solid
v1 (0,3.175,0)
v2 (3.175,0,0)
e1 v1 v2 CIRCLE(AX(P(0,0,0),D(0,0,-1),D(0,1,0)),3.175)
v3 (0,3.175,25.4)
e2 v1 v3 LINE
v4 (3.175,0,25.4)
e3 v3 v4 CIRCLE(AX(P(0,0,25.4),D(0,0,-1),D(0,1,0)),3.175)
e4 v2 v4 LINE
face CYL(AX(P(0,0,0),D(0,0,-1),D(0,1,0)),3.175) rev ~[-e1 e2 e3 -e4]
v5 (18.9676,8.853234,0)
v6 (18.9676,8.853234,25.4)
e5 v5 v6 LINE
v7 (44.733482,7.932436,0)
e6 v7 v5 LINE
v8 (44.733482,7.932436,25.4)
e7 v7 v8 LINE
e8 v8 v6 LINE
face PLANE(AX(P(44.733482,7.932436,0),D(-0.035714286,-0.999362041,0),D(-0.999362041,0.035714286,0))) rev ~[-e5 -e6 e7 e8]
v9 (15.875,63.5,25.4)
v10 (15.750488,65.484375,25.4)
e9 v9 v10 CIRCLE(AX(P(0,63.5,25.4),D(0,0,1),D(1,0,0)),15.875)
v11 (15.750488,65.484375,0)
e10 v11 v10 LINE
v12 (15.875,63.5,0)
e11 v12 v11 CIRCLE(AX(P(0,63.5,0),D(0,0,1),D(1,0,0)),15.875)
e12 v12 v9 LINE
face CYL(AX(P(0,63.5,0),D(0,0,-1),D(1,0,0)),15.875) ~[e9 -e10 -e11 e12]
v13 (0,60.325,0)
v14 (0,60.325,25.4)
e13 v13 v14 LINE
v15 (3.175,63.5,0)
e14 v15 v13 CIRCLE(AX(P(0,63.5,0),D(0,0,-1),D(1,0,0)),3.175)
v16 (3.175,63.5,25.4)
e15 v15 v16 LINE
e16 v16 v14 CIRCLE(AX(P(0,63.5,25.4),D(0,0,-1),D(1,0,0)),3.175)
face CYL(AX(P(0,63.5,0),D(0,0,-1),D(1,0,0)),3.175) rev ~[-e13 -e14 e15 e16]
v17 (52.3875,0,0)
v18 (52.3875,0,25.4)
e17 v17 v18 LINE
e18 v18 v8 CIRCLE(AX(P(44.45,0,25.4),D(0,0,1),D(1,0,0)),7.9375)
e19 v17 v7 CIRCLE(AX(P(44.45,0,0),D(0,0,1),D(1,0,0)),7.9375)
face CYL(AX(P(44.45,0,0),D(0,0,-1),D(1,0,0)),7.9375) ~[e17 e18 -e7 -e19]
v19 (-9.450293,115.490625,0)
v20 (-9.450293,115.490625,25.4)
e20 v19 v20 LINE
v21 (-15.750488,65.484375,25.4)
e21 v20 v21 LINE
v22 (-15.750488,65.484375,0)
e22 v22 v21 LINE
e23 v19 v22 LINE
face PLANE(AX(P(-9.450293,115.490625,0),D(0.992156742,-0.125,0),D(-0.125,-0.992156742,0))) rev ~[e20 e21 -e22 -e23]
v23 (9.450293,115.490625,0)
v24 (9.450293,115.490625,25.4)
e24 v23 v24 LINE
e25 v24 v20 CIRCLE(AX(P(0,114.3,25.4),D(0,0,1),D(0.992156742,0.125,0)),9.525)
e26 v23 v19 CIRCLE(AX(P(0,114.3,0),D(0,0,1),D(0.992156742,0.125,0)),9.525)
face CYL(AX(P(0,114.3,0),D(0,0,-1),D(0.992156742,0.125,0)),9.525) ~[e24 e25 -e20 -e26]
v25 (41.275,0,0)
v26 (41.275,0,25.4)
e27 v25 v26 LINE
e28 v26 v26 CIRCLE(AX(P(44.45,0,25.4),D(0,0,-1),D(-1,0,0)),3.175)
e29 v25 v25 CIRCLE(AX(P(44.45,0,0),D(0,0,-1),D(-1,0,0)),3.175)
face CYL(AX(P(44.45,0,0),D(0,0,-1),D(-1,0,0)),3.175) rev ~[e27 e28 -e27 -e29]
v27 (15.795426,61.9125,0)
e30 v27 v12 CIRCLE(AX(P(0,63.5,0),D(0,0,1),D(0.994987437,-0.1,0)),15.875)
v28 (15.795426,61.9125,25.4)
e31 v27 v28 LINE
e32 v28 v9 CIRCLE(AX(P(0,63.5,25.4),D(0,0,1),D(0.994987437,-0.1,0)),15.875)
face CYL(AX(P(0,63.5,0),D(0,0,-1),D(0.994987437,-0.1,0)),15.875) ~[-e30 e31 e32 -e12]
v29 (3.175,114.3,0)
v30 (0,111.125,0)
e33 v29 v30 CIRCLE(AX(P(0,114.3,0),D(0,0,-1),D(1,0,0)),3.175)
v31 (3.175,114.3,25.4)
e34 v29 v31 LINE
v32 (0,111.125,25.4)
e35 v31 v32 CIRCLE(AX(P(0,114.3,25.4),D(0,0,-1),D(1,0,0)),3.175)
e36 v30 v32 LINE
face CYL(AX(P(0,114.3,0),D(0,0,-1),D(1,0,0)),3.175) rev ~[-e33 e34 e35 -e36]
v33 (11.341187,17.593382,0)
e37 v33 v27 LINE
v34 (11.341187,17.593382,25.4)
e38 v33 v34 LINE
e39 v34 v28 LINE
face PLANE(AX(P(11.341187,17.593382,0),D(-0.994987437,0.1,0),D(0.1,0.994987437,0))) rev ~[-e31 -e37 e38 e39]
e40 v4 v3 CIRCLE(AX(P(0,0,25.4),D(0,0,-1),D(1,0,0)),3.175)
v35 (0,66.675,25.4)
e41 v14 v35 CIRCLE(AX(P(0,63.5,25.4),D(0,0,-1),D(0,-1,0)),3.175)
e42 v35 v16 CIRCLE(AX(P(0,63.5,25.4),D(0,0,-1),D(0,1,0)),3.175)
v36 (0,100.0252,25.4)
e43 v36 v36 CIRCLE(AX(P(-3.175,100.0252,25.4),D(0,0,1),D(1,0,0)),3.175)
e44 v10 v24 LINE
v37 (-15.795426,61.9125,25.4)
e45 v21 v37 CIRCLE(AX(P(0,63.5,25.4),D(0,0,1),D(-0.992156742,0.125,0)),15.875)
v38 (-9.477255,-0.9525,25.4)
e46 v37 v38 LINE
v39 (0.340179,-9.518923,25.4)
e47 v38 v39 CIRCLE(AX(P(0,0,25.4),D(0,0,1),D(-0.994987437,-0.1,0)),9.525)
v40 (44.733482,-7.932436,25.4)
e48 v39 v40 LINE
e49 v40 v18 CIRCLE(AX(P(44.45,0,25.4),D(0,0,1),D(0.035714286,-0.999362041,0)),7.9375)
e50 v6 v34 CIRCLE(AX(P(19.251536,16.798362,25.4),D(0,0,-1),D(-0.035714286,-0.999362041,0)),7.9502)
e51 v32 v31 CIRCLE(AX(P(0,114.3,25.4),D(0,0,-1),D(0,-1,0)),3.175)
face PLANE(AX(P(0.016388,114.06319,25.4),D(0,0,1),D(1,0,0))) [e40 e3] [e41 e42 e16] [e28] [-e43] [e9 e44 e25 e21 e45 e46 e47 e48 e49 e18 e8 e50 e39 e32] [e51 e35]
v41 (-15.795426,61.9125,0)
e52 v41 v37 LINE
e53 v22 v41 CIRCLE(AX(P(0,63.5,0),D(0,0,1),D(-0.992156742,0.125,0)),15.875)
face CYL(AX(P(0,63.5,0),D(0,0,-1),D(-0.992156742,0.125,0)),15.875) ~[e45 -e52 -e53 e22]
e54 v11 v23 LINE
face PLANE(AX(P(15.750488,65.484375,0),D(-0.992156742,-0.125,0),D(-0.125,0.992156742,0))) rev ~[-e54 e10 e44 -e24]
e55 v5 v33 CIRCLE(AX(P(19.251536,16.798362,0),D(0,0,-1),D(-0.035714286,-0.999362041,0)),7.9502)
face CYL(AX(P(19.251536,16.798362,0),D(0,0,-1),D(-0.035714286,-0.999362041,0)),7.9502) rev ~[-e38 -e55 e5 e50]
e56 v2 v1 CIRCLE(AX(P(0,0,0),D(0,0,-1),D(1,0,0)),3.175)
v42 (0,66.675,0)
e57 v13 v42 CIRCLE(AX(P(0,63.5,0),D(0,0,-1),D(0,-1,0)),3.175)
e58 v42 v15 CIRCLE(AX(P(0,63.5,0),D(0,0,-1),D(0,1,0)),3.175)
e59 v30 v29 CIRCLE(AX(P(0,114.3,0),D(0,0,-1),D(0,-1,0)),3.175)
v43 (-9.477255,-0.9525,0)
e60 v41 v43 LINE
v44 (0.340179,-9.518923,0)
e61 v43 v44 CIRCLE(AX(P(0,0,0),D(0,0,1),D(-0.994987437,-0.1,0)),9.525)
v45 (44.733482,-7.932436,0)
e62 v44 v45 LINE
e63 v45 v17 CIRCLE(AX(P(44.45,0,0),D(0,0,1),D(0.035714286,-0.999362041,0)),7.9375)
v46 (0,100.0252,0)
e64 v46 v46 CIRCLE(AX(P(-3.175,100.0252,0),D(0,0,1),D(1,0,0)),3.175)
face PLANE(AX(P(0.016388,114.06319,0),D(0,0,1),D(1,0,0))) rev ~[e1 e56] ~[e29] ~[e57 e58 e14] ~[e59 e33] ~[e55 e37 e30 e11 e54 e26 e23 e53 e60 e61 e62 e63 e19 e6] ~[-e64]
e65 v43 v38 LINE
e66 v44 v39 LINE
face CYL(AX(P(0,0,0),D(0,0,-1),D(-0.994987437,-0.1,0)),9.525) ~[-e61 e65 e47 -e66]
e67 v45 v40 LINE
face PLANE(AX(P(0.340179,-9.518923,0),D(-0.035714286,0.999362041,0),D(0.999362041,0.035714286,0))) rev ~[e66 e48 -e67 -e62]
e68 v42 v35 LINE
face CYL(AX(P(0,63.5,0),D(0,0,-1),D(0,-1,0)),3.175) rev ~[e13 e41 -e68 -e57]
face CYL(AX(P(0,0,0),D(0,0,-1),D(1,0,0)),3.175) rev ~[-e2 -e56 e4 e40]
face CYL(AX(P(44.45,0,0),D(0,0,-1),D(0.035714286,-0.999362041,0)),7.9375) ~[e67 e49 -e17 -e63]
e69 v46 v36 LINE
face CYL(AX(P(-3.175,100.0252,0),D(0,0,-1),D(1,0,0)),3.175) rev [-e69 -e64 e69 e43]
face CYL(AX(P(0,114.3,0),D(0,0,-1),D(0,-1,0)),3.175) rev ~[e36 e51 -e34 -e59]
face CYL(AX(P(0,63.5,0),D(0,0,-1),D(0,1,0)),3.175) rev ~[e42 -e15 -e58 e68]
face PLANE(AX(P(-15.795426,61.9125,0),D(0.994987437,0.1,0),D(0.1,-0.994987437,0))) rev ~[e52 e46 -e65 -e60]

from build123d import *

# Parameters (mm, degrees)
F0_R     = 3.175
F1_DEPTH = 25.4


with BuildPart() as f1:
    # F0 (on Top) → F1 (new body)
    with BuildSketch(Plane.XY):
        with BuildLine():
            ThreePointArc((9.4502929642, 115.490625), (0, 123.825), (-9.4502929642, 115.490625))
            ThreePointArc((-9.4502929642, 115.490625), (-7.14375, 107.9998046905), (0, 104.775))
            ThreePointArc((0, 104.775), (6.7351920908, 107.5648079092), (9.525, 114.3))
            ThreePointArc((9.525, 114.3), (9.5063048942, 114.896483242), (9.4502929642, 115.490625))
        make_face()
        with BuildLine():
            ThreePointArc((3.175, 114.3), (2.2450640303, 112.0549359697), (0, 111.125))
            ThreePointArc((0, 111.125), (-2.2450640303, 116.5450640303), (3.175, 114.3))
        make_face(mode=Mode.SUBTRACT)
        with BuildLine():
            Line((0, 100.0252), (0, 79.375))
            ThreePointArc((0, 79.375), (10.5003255158, 75.40625), (15.7504882737, 65.484375))
            Line((15.7504882737, 65.484375), (9.4502929642, 115.490625))
            ThreePointArc((9.4502929642, 115.490625), (9.5063048942, 114.896483242), (9.525, 114.3))
            ThreePointArc((9.525, 114.3), (6.7351920908, 107.5648079092), (0, 104.775))
            Line((0, 104.775), (0, 100.0252))
        make_face()
        with BuildLine():
            Line((-9.4502929642, 115.490625), (-15.7504882737, 65.484375))
            ThreePointArc((-15.7504882737, 65.484375), (-10.5003255158, 75.40625), (0, 79.375))
            Line((0, 79.375), (0, 100.0252))
            Line((0, 100.0252), (0, 104.775))
            ThreePointArc((0, 104.775), (-7.14375, 107.9998046905), (-9.4502929642, 115.490625))
        make_face()
        with Locations((-3.175, 100.0252)):
            Circle(F0_R, mode=Mode.SUBTRACT)
        with BuildLine():
            ThreePointArc((-9.4772553384, -0.9525), (-7.063929059, 6.3895642457), (0, 9.525))
            Line((0, 9.525), (0, 47.625))
            ThreePointArc((0, 47.625), (-10.6492737428, 51.7267849017), (-15.7954255641, 61.9125))
            Line((-15.7954255641, 61.9125), (-9.4772553384, -0.9525))
        make_face()
        with BuildLine():
            Line((0, 47.625), (0, 9.525))
            ThreePointArc((0, 9.525), (6.7351920908, 6.7351920908), (9.525, 0))
            Line((9.525, 0), (36.5125, 0))
            ThreePointArc((36.5125, 0), (38.9384772185, 5.7120069047), (44.7334821429, 7.9324362036))
            Line((44.7334821429, 7.9324362036), (18.9676000005, 8.8532337108))
            ThreePointArc((18.9676000005, 8.8532337108), (13.2611998974, 11.5713591498), (11.3411865923, 17.5933818124))
            Line((11.3411865923, 17.5933818124), (15.7954255641, 61.9125))
            ThreePointArc((15.7954255641, 61.9125), (10.6492737428, 51.7267849017), (0, 47.625))
        make_face()
        with BuildLine():
            Line((0, 60.325), (0, 47.625))
            ThreePointArc((0, 47.625), (10.6492737428, 51.7267849017), (15.7954255641, 61.9125))
            ThreePointArc((15.7954255641, 61.9125), (15.8550939106, 62.7052534459), (15.875, 63.5))
            ThreePointArc((15.875, 63.5), (15.8438414904, 64.4941387366), (15.7504882737, 65.484375))
            ThreePointArc((15.7504882737, 65.484375), (10.5003255158, 75.40625), (0, 79.375))
            Line((0, 79.375), (0, 66.675))
            ThreePointArc((0, 66.675), (2.2450640303, 65.7450640303), (3.175, 63.5))
            ThreePointArc((3.175, 63.5), (2.2450640303, 61.2549359697), (0, 60.325))
        make_face()
        with BuildLine():
            ThreePointArc((-15.7954255641, 61.9125), (-10.6492737428, 51.7267849017), (0, 47.625))
            Line((0, 47.625), (0, 60.325))
            ThreePointArc((0, 60.325), (-3.175, 63.5), (0, 66.675))
            Line((0, 66.675), (0, 79.375))
            ThreePointArc((0, 79.375), (-10.5003255158, 75.40625), (-15.7504882737, 65.484375))
            ThreePointArc((-15.7504882737, 65.484375), (-15.8737438155, 63.6997054867), (-15.7954255641, 61.9125))
        make_face()
        with BuildLine():
            Line((0, 9.525), (0, 3.175))
            ThreePointArc((0, 3.175), (2.2450640303, 2.2450640303), (3.175, 0))
            Line((3.175, 0), (9.525, 0))
            ThreePointArc((9.525, 0), (6.7351920908, 6.7351920908), (0, 9.525))
        make_face()
        with BuildLine():
            ThreePointArc((3.175, 0), (-2.2450640303, -2.2450640303), (0, 3.175))
            Line((0, 3.175), (0, 9.525))
            ThreePointArc((0, 9.525), (-7.063929059, 6.3895642457), (-9.4772553384, -0.9525))
            ThreePointArc((-9.4772553384, -0.9525), (-6.2623833816, -7.1769199091), (0.3401785714, -9.5189234444))
            ThreePointArc((0.3401785714, -9.5189234444), (6.8544082857, -6.6138273378), (9.525, 0))
            Line((9.525, 0), (3.175, 0))
        make_face()
        with BuildLine():
            Line((36.5125, 0), (9.525, 0))
            ThreePointArc((9.525, 0), (6.8544082857, -6.6138273378), (0.3401785714, -9.5189234444))
            Line((0.3401785714, -9.5189234444), (44.7334821429, -7.9324362036))
            ThreePointArc((44.7334821429, -7.9324362036), (38.9384772185, -5.7120069047), (36.5125, 0))
        make_face()
        with BuildLine():
            ThreePointArc((44.7334821429, 7.9324362036), (38.9384772185, 5.7120069047), (36.5125, 0))
            ThreePointArc((36.5125, 0), (38.9384772185, -5.7120069047), (44.7334821429, -7.9324362036))
            ThreePointArc((44.7334821429, -7.9324362036), (50.1620069047, -5.5115227815), (52.3875, 0))
            ThreePointArc((52.3875, 0), (50.1620069047, 5.5115227815), (44.7334821429, 7.9324362036))
        make_face()
        with BuildLine():
            ThreePointArc((47.625, 0), (44.45, -3.175), (41.275, 0))
            ThreePointArc((41.275, 0), (44.45, 3.175), (47.625, 0))
        make_face(mode=Mode.SUBTRACT)
    extrude(amount=F1_DEPTH)


solid = f1.part
